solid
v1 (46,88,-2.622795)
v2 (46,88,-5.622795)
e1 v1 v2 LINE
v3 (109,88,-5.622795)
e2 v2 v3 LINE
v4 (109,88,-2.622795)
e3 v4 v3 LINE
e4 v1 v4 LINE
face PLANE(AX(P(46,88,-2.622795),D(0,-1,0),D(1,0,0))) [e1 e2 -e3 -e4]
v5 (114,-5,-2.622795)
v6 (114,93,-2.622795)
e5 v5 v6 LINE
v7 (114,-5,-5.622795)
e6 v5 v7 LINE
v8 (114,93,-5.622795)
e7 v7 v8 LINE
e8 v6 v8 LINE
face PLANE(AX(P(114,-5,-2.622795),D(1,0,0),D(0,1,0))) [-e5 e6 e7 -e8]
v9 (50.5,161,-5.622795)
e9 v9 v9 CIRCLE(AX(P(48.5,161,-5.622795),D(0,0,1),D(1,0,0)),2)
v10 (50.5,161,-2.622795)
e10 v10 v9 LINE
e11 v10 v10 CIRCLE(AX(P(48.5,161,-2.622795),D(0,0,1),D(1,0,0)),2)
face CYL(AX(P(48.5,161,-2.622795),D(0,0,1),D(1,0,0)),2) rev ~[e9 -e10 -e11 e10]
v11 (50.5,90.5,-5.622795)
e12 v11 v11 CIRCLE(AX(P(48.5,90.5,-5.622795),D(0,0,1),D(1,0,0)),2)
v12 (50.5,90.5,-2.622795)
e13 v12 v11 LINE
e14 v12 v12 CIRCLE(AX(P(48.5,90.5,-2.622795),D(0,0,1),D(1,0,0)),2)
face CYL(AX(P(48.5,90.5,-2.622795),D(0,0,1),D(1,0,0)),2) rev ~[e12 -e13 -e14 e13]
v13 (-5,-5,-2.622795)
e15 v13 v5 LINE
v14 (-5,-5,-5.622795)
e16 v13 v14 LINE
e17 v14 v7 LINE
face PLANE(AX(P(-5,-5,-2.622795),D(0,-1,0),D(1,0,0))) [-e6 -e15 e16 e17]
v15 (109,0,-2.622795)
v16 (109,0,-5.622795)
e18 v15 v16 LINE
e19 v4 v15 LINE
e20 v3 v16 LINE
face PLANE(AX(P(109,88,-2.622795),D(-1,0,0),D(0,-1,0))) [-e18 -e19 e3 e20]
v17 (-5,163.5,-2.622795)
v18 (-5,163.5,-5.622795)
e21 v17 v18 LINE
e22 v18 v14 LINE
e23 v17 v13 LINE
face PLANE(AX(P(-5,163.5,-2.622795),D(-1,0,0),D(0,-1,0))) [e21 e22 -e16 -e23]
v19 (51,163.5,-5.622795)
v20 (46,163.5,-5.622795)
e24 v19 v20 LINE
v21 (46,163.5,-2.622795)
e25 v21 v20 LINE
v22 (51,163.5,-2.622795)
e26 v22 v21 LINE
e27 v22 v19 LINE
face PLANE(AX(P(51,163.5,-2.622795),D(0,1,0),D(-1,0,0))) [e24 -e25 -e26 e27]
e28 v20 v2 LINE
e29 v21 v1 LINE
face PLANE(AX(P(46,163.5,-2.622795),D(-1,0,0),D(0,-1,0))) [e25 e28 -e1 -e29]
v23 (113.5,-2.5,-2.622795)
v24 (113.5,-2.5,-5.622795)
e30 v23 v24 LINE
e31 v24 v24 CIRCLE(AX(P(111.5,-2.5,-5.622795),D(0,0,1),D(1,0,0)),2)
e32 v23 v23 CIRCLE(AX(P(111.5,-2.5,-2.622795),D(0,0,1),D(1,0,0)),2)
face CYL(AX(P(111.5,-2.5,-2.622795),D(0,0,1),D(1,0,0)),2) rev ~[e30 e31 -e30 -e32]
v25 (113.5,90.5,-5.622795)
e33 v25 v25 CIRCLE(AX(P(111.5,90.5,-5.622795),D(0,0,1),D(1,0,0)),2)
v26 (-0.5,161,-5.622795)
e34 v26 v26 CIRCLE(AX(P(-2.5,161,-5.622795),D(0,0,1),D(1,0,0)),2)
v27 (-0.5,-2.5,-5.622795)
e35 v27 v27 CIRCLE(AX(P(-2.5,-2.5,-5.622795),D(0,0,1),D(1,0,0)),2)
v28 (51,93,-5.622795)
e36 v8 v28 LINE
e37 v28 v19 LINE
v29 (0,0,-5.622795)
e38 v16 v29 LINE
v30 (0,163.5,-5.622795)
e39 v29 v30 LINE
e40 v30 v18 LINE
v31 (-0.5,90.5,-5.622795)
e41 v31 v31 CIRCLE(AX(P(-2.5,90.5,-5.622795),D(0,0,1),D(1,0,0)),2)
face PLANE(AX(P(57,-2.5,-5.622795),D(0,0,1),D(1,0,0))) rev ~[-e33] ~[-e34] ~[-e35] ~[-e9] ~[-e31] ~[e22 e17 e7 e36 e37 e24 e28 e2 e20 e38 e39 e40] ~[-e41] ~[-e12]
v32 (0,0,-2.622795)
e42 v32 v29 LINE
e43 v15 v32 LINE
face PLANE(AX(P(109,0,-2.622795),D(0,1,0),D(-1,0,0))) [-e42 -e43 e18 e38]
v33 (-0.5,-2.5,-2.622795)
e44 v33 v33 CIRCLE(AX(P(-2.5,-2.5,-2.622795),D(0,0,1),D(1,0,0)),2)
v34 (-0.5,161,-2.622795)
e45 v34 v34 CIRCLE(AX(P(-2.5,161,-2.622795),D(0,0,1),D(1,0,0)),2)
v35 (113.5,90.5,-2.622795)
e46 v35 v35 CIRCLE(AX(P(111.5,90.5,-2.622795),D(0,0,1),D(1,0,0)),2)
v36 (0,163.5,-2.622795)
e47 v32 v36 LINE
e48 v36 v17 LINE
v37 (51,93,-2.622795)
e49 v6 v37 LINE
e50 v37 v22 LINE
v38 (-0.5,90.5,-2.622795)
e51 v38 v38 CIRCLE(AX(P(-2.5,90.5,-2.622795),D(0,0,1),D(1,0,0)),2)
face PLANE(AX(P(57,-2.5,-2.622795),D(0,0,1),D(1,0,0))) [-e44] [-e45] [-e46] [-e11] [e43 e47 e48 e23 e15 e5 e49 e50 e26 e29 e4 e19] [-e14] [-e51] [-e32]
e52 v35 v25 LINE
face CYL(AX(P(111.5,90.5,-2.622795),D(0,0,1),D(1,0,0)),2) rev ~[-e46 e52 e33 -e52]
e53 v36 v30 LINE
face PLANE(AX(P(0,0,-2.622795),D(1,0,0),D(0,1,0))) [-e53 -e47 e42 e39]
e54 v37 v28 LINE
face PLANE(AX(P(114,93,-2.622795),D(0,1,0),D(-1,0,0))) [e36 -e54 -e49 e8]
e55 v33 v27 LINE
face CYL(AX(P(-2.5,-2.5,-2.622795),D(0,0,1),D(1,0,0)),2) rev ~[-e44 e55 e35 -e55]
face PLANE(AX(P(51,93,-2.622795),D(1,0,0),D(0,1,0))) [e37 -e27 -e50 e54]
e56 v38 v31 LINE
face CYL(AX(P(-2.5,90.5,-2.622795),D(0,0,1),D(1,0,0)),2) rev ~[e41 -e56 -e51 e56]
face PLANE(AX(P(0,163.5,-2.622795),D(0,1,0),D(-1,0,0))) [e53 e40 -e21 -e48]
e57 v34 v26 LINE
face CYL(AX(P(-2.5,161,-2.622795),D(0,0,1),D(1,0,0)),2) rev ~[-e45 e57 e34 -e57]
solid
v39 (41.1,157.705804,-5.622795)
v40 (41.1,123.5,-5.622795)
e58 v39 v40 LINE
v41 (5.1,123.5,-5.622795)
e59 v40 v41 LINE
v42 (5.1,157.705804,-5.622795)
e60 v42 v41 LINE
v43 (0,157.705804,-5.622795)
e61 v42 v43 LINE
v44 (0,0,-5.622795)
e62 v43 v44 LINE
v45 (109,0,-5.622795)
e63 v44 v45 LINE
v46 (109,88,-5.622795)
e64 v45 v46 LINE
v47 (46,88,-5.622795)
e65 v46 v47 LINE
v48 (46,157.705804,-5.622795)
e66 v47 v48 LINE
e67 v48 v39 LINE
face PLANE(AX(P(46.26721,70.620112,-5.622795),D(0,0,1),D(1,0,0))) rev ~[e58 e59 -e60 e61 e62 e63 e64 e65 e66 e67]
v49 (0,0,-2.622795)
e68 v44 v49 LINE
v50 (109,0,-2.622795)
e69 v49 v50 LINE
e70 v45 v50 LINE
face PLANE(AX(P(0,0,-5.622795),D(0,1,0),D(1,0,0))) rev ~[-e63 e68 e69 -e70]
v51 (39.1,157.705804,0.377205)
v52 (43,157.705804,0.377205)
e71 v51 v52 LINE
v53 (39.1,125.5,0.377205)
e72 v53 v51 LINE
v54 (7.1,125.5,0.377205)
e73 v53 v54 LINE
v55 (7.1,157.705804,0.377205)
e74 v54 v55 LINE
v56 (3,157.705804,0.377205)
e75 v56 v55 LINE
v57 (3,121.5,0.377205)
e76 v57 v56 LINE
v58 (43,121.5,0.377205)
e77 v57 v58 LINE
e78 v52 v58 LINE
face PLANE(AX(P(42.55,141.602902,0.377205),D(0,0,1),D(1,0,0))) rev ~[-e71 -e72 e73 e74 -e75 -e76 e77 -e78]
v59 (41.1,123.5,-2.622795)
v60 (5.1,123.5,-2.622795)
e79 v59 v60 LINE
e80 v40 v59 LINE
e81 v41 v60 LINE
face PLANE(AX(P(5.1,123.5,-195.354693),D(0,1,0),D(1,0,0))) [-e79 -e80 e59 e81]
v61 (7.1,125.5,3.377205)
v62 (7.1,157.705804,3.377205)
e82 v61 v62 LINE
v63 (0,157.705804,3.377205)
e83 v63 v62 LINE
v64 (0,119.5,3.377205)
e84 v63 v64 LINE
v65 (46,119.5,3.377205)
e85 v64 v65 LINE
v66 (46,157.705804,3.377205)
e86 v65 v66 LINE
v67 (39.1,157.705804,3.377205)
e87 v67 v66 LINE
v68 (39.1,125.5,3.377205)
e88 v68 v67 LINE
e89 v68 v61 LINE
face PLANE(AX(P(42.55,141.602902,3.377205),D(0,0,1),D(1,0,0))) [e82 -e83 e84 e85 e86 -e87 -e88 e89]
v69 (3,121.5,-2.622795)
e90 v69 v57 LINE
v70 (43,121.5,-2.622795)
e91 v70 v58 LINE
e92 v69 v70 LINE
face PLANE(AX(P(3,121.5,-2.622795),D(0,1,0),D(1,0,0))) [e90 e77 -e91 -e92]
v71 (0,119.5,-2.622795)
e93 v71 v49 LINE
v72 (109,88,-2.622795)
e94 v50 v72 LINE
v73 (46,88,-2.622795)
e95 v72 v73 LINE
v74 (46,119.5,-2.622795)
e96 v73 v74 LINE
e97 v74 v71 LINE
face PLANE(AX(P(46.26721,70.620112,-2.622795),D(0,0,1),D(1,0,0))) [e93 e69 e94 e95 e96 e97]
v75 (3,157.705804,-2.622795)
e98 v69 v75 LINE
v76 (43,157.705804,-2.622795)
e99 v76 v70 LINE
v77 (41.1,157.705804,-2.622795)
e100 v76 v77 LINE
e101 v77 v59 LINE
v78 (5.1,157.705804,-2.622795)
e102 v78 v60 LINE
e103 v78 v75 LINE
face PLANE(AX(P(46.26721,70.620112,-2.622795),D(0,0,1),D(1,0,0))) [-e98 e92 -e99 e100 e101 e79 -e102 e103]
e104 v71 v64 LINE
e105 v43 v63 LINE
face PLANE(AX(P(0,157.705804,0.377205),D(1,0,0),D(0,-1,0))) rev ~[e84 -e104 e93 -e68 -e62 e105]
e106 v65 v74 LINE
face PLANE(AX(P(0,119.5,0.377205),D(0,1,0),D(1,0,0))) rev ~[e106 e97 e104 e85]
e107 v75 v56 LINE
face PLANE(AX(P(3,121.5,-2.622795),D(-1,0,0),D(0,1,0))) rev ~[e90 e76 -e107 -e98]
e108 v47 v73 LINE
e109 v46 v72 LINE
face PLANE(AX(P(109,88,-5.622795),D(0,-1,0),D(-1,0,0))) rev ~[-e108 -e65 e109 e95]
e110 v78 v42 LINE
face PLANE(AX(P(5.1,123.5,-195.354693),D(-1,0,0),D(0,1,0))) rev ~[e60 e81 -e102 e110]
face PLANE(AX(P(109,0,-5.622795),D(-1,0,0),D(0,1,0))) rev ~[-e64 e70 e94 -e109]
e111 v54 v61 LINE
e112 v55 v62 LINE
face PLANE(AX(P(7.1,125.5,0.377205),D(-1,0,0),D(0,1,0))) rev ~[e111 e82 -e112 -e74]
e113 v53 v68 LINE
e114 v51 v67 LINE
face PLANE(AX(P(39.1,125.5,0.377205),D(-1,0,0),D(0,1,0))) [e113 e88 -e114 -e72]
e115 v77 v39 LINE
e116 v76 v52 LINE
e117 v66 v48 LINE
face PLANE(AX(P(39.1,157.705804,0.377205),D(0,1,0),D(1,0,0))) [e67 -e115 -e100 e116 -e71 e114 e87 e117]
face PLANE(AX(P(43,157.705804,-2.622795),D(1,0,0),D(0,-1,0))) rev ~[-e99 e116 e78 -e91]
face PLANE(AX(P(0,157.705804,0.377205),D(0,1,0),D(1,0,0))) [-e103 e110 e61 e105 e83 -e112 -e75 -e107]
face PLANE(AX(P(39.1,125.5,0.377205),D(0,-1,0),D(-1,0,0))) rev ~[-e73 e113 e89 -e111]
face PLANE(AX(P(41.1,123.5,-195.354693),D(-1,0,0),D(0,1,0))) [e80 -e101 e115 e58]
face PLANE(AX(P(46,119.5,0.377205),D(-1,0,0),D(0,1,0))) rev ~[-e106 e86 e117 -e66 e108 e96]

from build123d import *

# Parameters (mm, degrees)
P_IDAT_VYSUNUT_M1_DEPTH       = 3
ODEBRAT_VYSUNUT_M1_DEPTH      = 192.731897986
ODEBRAT_VYSUNUT_M1_DEPTH_BACK = 192.731897986
SKICA2_W                      = 36
SKICA2_H                      = 36
P_IDAT_VYSUNUT_M2_DEPTH       = 3
P_IDAT_VYSUNUT_M3_DEPTH       = 3
P_IDAT_VYSUNUT_M5_DEPTH       = 3
SKICA6_R                      = 2
ODEBRAT_VYSUNUT_M2_DEPTH      = 3


with BuildPart() as part:
    # Skica1 → Přidat vysunutím1 (new body)
    with BuildSketch(Plane.XY.offset(-5.622795176)):
        Polygon((0, 0), (46, 0), (109, 0), (109, 88), (46, 88), (46, 157.705804286), (0, 157.705804286), align=None)
    extrude(amount=P_IDAT_VYSUNUT_M1_DEPTH)

    # Skica2 → Odebrat vysunutím1 (cut, two sides: drawn at the far end of the back side and taken through both)
    with BuildSketch(Plane.XY.offset(-2.622795176).offset(-ODEBRAT_VYSUNUT_M1_DEPTH_BACK)):
        with Locations((23.1, 141.5)):
            Rectangle(SKICA2_W, SKICA2_H)
    extrude(amount=ODEBRAT_VYSUNUT_M1_DEPTH + ODEBRAT_VYSUNUT_M1_DEPTH_BACK, mode=Mode.SUBTRACT)

    # Skica3 → Přidat vysunutím2 (add)
    with BuildSketch(Plane.XY.offset(-2.622795176)):
        Polygon((46, 157.705804286), (46, 119.5), (0, 119.5), (0, 157.705804286), (3, 157.705804286), (3, 123.5), (3, 121.5), (43, 121.5), (43, 123.5), (43, 157.705804286), align=None)
    extrude(amount=P_IDAT_VYSUNUT_M2_DEPTH)

    # Skica4 → Přidat vysunutím3 (add)
    with BuildSketch(Plane.XY.offset(0.377204824)):
        Polygon((46, 157.705804286), (39.1, 157.705804286), (39.1, 125.5), (7.1, 125.5), (7.1, 157.705804286), (0, 157.705804286), (0, 119.5), (46, 119.5), align=None)
    extrude(amount=P_IDAT_VYSUNUT_M3_DEPTH)


with BuildPart() as body_2:
    # Skica5 → Přidat vysunutím5 (new body)
    with BuildSketch(Plane.XY.offset(-2.622795176)):
        Polygon((0, 163.5), (-5, 163.5), (-5, -5), (114, -5), (114, 93), (51, 93), (51, 163.5), (46, 163.5), (46, 88), (109, 88), (109, 0), (0, 0), align=None)
    extrude(amount=-P_IDAT_VYSUNUT_M5_DEPTH)

    # Skica6 → Odebrat vysunutím2 (cut)
    with BuildSketch(Plane.XY.offset(-2.622795176)):
        with Locations((-2.5, -2.5)):
            Circle(SKICA6_R)
        with Locations((111.5, -2.5)):
            Circle(SKICA6_R)
        with Locations((111.5, 90.5)):
            Circle(SKICA6_R)
        with Locations((48.5, 90.5)):
            Circle(SKICA6_R)
        with Locations((48.5, 161)):
            Circle(SKICA6_R)
        with Locations((-2.5, 161)):
            Circle(SKICA6_R)
        with Locations((-2.5, 90.5)):
            Circle(SKICA6_R)
    extrude(amount=-ODEBRAT_VYSUNUT_M2_DEPTH, mode=Mode.SUBTRACT)


solid = Compound([part.part, body_2.part])
